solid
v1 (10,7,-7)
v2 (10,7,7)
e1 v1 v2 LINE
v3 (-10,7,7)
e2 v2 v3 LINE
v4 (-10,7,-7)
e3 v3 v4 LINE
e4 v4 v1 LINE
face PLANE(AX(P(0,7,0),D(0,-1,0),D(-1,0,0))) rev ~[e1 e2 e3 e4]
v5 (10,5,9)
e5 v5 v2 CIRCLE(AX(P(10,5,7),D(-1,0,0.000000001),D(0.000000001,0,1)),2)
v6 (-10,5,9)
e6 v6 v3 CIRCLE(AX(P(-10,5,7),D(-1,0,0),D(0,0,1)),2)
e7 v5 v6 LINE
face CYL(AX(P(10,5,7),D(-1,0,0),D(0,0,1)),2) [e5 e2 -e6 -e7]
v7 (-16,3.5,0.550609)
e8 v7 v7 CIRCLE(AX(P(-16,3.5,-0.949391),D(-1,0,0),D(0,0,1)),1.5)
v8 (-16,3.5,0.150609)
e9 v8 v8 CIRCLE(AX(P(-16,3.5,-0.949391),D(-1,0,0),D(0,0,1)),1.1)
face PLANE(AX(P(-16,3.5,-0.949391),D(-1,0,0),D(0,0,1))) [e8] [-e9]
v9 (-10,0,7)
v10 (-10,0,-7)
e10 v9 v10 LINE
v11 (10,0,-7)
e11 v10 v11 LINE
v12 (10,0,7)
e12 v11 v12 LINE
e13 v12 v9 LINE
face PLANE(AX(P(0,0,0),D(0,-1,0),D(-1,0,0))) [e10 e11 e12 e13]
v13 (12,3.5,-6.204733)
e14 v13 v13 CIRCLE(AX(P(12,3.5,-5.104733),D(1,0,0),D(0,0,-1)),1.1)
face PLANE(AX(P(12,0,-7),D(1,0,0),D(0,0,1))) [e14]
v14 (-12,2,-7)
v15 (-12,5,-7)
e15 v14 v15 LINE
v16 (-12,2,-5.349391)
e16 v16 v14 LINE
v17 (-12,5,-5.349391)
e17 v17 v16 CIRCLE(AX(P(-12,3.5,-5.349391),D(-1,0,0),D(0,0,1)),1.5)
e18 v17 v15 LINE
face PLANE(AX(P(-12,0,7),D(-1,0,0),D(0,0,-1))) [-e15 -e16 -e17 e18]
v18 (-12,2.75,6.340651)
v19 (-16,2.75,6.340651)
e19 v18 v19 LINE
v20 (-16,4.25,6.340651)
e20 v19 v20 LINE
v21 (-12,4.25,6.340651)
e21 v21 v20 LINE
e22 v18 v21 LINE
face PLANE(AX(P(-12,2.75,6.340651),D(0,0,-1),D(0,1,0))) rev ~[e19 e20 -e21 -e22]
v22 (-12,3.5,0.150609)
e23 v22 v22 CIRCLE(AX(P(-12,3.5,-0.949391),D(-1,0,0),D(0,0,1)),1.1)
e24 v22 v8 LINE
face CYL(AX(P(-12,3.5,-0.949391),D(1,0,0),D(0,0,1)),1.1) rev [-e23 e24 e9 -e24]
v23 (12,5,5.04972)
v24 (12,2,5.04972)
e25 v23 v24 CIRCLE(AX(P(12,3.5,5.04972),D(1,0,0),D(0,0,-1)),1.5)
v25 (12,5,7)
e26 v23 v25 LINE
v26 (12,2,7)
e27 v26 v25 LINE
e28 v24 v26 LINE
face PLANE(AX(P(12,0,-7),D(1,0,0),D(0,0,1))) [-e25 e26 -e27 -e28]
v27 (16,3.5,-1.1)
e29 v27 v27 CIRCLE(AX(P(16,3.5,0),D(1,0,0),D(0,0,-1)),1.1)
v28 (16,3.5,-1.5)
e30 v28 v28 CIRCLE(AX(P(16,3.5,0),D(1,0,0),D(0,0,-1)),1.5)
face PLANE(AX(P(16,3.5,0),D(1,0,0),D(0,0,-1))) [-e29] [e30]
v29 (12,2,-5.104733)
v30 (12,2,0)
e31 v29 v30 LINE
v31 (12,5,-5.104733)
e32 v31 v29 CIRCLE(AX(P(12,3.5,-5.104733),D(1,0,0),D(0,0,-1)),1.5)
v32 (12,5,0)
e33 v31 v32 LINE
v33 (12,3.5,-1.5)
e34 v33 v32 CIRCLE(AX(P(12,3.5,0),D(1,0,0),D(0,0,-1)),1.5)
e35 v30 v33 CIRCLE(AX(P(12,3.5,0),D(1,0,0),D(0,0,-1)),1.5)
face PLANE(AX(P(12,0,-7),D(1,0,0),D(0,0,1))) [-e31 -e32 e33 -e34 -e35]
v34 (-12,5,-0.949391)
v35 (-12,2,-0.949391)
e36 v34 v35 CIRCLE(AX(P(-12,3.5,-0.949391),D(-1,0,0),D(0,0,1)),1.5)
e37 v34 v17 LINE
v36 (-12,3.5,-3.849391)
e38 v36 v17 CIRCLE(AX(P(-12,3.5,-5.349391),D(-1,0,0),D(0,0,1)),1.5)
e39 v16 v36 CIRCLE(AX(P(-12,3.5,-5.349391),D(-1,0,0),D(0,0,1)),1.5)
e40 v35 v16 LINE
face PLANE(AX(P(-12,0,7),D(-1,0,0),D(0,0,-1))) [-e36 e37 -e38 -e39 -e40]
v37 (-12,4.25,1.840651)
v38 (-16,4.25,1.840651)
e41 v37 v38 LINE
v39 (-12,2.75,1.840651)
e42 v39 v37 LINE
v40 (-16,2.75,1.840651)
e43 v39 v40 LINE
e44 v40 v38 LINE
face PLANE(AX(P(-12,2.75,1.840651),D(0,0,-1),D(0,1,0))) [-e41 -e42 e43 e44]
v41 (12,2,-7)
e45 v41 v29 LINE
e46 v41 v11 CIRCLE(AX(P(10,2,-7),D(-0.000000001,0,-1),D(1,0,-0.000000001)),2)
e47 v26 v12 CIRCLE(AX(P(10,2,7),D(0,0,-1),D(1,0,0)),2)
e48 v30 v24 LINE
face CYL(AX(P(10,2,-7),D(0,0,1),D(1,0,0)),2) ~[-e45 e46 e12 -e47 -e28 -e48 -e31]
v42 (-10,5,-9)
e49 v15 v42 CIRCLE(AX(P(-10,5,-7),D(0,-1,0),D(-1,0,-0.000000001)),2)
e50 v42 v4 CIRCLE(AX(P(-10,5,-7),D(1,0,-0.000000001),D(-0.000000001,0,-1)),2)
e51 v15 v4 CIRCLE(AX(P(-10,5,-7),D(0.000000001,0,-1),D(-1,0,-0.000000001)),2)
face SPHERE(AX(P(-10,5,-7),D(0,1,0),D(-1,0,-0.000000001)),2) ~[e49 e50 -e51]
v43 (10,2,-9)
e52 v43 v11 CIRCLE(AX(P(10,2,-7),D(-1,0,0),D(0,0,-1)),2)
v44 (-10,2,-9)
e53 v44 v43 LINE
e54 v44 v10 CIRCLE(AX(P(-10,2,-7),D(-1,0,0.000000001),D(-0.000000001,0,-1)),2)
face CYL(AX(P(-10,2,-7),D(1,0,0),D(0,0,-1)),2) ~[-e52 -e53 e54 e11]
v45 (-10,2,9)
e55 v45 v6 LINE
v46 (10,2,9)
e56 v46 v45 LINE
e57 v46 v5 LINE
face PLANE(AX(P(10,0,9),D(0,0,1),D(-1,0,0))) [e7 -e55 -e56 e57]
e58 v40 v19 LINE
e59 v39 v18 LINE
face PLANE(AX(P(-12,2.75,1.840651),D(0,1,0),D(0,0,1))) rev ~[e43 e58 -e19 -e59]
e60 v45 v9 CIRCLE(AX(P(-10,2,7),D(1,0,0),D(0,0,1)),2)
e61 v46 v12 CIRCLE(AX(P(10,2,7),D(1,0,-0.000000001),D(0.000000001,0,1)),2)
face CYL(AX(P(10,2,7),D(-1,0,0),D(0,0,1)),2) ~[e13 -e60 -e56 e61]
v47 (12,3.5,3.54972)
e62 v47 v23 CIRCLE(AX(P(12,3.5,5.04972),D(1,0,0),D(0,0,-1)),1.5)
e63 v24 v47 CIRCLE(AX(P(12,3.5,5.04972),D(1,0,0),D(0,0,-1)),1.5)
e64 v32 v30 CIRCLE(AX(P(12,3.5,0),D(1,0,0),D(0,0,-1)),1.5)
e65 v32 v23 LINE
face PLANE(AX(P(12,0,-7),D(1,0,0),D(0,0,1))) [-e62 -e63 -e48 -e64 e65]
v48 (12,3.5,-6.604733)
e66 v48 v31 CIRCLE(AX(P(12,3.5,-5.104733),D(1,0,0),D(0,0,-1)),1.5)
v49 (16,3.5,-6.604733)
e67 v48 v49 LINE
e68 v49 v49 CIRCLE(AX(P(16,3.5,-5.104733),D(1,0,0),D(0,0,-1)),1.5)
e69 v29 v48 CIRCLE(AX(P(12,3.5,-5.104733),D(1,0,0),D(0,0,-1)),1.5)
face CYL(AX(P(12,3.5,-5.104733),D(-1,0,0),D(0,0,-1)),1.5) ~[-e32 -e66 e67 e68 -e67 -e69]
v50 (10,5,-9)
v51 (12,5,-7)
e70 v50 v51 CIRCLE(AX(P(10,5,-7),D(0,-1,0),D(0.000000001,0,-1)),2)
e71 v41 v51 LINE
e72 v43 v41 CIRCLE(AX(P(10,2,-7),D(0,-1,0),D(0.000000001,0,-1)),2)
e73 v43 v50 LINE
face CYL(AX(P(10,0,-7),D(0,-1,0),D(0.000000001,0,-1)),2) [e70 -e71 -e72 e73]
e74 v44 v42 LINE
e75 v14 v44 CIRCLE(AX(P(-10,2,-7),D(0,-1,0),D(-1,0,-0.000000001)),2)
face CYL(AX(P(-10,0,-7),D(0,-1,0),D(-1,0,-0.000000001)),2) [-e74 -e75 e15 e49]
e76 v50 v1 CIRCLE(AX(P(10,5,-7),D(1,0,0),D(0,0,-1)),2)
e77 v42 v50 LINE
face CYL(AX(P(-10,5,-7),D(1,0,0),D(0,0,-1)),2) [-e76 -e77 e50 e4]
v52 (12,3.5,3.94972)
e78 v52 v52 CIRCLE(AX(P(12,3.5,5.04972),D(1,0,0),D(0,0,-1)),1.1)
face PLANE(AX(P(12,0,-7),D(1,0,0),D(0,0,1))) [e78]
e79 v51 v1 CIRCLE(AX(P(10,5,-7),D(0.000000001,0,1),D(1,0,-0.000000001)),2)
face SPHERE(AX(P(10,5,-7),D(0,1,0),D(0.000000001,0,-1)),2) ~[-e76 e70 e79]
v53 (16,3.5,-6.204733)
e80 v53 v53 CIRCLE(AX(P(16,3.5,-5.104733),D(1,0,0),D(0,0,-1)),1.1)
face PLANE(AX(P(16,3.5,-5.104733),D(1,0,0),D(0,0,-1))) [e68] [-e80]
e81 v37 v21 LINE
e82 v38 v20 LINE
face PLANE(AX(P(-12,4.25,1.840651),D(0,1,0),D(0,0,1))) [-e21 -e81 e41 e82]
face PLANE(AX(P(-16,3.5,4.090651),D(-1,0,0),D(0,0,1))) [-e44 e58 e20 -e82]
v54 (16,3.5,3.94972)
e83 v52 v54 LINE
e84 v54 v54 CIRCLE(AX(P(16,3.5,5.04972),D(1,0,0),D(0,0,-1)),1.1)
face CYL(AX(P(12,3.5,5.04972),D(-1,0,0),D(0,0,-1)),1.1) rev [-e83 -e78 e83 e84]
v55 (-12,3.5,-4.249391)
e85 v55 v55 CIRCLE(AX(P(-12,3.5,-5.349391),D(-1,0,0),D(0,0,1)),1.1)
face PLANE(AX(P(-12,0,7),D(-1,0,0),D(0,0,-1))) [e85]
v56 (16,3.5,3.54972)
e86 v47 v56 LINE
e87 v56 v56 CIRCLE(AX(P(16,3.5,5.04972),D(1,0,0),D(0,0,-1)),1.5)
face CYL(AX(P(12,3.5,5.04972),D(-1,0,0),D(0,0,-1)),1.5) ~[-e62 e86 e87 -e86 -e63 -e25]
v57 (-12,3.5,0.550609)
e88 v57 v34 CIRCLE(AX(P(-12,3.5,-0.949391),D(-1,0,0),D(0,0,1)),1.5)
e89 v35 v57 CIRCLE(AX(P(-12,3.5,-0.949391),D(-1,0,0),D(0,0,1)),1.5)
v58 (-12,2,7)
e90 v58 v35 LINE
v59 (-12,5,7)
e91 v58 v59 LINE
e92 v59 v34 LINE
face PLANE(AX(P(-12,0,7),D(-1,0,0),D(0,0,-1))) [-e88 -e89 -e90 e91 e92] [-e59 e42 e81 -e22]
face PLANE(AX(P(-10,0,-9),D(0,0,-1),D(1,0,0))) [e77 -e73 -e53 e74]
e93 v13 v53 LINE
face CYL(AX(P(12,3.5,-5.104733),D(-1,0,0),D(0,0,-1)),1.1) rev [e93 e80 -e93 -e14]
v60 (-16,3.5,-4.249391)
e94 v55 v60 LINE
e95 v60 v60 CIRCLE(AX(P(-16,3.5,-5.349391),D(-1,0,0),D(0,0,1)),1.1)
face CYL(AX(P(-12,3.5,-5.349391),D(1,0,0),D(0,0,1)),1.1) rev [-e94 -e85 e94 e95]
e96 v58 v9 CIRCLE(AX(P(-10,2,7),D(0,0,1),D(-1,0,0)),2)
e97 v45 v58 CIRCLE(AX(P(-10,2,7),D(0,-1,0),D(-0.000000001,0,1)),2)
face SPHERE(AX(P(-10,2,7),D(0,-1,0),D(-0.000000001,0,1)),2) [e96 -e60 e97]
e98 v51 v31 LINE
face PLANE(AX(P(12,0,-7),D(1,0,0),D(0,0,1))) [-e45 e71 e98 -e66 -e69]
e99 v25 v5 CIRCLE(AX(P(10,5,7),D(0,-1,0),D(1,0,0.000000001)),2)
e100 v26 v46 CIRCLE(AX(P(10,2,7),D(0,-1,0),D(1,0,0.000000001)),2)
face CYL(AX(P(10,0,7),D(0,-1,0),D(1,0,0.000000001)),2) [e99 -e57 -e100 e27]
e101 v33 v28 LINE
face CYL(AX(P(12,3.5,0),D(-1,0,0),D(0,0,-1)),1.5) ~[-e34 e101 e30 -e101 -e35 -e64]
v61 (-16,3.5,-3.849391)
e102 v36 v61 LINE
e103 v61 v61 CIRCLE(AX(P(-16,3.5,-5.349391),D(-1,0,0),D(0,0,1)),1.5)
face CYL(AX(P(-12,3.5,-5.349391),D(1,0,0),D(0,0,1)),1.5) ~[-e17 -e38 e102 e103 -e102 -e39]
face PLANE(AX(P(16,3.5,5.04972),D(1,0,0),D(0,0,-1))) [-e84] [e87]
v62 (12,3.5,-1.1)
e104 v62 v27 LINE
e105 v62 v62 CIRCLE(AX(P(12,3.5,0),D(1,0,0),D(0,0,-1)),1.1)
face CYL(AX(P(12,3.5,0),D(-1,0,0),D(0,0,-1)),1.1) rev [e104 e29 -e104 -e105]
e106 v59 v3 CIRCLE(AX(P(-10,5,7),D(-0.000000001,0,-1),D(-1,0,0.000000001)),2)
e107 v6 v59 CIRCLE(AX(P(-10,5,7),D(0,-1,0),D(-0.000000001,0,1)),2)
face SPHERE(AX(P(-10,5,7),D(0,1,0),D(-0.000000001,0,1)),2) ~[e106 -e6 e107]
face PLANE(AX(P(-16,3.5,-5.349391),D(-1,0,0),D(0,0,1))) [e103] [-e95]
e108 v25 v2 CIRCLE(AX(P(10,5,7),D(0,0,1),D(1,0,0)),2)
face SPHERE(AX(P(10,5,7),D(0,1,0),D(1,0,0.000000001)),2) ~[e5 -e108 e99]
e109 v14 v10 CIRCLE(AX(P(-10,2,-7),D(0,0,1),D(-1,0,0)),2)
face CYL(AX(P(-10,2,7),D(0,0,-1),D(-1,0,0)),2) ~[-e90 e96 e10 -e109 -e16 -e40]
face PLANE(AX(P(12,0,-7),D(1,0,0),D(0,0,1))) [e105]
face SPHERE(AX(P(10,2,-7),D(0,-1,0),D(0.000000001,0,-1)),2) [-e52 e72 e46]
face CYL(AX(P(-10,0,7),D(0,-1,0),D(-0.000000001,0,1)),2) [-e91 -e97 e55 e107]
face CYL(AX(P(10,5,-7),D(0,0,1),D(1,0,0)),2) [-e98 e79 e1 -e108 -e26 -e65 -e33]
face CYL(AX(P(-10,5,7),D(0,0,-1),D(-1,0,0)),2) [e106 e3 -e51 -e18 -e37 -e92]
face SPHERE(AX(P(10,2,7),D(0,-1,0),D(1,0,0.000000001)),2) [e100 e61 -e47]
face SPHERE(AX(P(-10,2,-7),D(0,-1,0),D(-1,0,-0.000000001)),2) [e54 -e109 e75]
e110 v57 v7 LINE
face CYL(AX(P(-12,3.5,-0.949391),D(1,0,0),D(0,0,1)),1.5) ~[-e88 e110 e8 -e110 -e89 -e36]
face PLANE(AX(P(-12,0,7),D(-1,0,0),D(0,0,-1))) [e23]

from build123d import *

# Parameters (mm, degrees)
BOSS_EXTRUDE1_DEPTH = 7
FILLET1_R           = 2
SKETCH3_R           = 1.5
SKETCH3_R_2         = 1.1
BOSS_EXTRUDE2_DEPTH = 4
SKETCH4_R           = 1.5
SKETCH4_R_2         = 1.1
SKETCH4_W           = 4.5
SKETCH4_H           = 1.5
BOSS_EXTRUDE3_DEPTH = 4


with BuildPart() as part:
    # Sketch2 → Boss-Extrude1 (new body)
    with BuildSketch(Plane(origin=(0, 0, 0), x_dir=(1, 0, 0), z_dir=(0, 1, 0))):
        with BuildLine():
            Line((-10, 9), (10, 9))
            ThreePointArc((10, 9), (11.414213562, 8.414213562), (12, 7))
            Line((12, 7), (12, -7))
            ThreePointArc((12, -7), (11.414213562, -8.414213562), (10, -9))
            Line((10, -9), (-10, -9))
            ThreePointArc((-10, -9), (-11.414213562, -8.414213562), (-12, -7))
            Line((-12, -7), (-12, 7))
            ThreePointArc((-12, 7), (-11.414213562, 8.414213562), (-10, 9))
        make_face()
    extrude(amount=BOSS_EXTRUDE1_DEPTH)

    # Fillet1
    fillet1_edges = [part.edges().sort_by_distance(p)[0] for p in [
        (-12, 0, 0),
        (-11.414213562, 0, -8.414213562),
        (0, 0, -9),
        (11.414213562, 0, -8.414213562),
        (-11.414213562, 7, -8.414213562),
        (-12, 7, 0),
        (-11.414213562, 7, 8.414213562),
        (0, 7, 9),
        (11.414213562, 7, 8.414213562),
        (12, 7, 0),
        (11.414213562, 7, -8.414213562),
        (12, 0, 0),
        (0, 7, -9),
        (11.414213562, 0, 8.414213562),
        (0, 0, 9),
        (-11.414213562, 0, 8.414213562),
    ]]
    fillet(fillet1_edges, radius=FILLET1_R)

    # Sketch3 → Boss-Extrude2 (add)
    with BuildSketch(Plane(origin=(12, 0, 0), x_dir=(0, 0, -1), z_dir=(1, 0, 0))):
        with Locations((-5.049719727, 3.5)):
            Circle(SKETCH3_R)
        with Locations((-5.049719727, 3.5)):
            Circle(SKETCH3_R_2, mode=Mode.SUBTRACT)
        with Locations((0, 3.5)):
            Circle(SKETCH3_R)
        with Locations((0, 3.5)):
            Circle(SKETCH3_R_2, mode=Mode.SUBTRACT)
        with Locations((5.10473286, 3.5)):
            Circle(SKETCH3_R)
        with Locations((5.10473286, 3.5)):
            Circle(SKETCH3_R_2, mode=Mode.SUBTRACT)
    extrude(amount=BOSS_EXTRUDE2_DEPTH)

    # Sketch4 → Boss-Extrude3 (add)
    with BuildSketch(Plane.ZY.offset(12)):
        with Locations((-5.349391093, 3.5)):
            Circle(SKETCH4_R)
        with Locations((-5.349391093, 3.5)):
            Circle(SKETCH4_R_2, mode=Mode.SUBTRACT)
        with Locations((-0.949391093, 3.5)):
            Circle(SKETCH4_R)
        with Locations((-0.949391093, 3.5)):
            Circle(SKETCH4_R_2, mode=Mode.SUBTRACT)
        with Locations((4.090650699, 3.5)):
            Rectangle(SKETCH4_W, SKETCH4_H)
    extrude(amount=BOSS_EXTRUDE3_DEPTH)


solid = part.part
